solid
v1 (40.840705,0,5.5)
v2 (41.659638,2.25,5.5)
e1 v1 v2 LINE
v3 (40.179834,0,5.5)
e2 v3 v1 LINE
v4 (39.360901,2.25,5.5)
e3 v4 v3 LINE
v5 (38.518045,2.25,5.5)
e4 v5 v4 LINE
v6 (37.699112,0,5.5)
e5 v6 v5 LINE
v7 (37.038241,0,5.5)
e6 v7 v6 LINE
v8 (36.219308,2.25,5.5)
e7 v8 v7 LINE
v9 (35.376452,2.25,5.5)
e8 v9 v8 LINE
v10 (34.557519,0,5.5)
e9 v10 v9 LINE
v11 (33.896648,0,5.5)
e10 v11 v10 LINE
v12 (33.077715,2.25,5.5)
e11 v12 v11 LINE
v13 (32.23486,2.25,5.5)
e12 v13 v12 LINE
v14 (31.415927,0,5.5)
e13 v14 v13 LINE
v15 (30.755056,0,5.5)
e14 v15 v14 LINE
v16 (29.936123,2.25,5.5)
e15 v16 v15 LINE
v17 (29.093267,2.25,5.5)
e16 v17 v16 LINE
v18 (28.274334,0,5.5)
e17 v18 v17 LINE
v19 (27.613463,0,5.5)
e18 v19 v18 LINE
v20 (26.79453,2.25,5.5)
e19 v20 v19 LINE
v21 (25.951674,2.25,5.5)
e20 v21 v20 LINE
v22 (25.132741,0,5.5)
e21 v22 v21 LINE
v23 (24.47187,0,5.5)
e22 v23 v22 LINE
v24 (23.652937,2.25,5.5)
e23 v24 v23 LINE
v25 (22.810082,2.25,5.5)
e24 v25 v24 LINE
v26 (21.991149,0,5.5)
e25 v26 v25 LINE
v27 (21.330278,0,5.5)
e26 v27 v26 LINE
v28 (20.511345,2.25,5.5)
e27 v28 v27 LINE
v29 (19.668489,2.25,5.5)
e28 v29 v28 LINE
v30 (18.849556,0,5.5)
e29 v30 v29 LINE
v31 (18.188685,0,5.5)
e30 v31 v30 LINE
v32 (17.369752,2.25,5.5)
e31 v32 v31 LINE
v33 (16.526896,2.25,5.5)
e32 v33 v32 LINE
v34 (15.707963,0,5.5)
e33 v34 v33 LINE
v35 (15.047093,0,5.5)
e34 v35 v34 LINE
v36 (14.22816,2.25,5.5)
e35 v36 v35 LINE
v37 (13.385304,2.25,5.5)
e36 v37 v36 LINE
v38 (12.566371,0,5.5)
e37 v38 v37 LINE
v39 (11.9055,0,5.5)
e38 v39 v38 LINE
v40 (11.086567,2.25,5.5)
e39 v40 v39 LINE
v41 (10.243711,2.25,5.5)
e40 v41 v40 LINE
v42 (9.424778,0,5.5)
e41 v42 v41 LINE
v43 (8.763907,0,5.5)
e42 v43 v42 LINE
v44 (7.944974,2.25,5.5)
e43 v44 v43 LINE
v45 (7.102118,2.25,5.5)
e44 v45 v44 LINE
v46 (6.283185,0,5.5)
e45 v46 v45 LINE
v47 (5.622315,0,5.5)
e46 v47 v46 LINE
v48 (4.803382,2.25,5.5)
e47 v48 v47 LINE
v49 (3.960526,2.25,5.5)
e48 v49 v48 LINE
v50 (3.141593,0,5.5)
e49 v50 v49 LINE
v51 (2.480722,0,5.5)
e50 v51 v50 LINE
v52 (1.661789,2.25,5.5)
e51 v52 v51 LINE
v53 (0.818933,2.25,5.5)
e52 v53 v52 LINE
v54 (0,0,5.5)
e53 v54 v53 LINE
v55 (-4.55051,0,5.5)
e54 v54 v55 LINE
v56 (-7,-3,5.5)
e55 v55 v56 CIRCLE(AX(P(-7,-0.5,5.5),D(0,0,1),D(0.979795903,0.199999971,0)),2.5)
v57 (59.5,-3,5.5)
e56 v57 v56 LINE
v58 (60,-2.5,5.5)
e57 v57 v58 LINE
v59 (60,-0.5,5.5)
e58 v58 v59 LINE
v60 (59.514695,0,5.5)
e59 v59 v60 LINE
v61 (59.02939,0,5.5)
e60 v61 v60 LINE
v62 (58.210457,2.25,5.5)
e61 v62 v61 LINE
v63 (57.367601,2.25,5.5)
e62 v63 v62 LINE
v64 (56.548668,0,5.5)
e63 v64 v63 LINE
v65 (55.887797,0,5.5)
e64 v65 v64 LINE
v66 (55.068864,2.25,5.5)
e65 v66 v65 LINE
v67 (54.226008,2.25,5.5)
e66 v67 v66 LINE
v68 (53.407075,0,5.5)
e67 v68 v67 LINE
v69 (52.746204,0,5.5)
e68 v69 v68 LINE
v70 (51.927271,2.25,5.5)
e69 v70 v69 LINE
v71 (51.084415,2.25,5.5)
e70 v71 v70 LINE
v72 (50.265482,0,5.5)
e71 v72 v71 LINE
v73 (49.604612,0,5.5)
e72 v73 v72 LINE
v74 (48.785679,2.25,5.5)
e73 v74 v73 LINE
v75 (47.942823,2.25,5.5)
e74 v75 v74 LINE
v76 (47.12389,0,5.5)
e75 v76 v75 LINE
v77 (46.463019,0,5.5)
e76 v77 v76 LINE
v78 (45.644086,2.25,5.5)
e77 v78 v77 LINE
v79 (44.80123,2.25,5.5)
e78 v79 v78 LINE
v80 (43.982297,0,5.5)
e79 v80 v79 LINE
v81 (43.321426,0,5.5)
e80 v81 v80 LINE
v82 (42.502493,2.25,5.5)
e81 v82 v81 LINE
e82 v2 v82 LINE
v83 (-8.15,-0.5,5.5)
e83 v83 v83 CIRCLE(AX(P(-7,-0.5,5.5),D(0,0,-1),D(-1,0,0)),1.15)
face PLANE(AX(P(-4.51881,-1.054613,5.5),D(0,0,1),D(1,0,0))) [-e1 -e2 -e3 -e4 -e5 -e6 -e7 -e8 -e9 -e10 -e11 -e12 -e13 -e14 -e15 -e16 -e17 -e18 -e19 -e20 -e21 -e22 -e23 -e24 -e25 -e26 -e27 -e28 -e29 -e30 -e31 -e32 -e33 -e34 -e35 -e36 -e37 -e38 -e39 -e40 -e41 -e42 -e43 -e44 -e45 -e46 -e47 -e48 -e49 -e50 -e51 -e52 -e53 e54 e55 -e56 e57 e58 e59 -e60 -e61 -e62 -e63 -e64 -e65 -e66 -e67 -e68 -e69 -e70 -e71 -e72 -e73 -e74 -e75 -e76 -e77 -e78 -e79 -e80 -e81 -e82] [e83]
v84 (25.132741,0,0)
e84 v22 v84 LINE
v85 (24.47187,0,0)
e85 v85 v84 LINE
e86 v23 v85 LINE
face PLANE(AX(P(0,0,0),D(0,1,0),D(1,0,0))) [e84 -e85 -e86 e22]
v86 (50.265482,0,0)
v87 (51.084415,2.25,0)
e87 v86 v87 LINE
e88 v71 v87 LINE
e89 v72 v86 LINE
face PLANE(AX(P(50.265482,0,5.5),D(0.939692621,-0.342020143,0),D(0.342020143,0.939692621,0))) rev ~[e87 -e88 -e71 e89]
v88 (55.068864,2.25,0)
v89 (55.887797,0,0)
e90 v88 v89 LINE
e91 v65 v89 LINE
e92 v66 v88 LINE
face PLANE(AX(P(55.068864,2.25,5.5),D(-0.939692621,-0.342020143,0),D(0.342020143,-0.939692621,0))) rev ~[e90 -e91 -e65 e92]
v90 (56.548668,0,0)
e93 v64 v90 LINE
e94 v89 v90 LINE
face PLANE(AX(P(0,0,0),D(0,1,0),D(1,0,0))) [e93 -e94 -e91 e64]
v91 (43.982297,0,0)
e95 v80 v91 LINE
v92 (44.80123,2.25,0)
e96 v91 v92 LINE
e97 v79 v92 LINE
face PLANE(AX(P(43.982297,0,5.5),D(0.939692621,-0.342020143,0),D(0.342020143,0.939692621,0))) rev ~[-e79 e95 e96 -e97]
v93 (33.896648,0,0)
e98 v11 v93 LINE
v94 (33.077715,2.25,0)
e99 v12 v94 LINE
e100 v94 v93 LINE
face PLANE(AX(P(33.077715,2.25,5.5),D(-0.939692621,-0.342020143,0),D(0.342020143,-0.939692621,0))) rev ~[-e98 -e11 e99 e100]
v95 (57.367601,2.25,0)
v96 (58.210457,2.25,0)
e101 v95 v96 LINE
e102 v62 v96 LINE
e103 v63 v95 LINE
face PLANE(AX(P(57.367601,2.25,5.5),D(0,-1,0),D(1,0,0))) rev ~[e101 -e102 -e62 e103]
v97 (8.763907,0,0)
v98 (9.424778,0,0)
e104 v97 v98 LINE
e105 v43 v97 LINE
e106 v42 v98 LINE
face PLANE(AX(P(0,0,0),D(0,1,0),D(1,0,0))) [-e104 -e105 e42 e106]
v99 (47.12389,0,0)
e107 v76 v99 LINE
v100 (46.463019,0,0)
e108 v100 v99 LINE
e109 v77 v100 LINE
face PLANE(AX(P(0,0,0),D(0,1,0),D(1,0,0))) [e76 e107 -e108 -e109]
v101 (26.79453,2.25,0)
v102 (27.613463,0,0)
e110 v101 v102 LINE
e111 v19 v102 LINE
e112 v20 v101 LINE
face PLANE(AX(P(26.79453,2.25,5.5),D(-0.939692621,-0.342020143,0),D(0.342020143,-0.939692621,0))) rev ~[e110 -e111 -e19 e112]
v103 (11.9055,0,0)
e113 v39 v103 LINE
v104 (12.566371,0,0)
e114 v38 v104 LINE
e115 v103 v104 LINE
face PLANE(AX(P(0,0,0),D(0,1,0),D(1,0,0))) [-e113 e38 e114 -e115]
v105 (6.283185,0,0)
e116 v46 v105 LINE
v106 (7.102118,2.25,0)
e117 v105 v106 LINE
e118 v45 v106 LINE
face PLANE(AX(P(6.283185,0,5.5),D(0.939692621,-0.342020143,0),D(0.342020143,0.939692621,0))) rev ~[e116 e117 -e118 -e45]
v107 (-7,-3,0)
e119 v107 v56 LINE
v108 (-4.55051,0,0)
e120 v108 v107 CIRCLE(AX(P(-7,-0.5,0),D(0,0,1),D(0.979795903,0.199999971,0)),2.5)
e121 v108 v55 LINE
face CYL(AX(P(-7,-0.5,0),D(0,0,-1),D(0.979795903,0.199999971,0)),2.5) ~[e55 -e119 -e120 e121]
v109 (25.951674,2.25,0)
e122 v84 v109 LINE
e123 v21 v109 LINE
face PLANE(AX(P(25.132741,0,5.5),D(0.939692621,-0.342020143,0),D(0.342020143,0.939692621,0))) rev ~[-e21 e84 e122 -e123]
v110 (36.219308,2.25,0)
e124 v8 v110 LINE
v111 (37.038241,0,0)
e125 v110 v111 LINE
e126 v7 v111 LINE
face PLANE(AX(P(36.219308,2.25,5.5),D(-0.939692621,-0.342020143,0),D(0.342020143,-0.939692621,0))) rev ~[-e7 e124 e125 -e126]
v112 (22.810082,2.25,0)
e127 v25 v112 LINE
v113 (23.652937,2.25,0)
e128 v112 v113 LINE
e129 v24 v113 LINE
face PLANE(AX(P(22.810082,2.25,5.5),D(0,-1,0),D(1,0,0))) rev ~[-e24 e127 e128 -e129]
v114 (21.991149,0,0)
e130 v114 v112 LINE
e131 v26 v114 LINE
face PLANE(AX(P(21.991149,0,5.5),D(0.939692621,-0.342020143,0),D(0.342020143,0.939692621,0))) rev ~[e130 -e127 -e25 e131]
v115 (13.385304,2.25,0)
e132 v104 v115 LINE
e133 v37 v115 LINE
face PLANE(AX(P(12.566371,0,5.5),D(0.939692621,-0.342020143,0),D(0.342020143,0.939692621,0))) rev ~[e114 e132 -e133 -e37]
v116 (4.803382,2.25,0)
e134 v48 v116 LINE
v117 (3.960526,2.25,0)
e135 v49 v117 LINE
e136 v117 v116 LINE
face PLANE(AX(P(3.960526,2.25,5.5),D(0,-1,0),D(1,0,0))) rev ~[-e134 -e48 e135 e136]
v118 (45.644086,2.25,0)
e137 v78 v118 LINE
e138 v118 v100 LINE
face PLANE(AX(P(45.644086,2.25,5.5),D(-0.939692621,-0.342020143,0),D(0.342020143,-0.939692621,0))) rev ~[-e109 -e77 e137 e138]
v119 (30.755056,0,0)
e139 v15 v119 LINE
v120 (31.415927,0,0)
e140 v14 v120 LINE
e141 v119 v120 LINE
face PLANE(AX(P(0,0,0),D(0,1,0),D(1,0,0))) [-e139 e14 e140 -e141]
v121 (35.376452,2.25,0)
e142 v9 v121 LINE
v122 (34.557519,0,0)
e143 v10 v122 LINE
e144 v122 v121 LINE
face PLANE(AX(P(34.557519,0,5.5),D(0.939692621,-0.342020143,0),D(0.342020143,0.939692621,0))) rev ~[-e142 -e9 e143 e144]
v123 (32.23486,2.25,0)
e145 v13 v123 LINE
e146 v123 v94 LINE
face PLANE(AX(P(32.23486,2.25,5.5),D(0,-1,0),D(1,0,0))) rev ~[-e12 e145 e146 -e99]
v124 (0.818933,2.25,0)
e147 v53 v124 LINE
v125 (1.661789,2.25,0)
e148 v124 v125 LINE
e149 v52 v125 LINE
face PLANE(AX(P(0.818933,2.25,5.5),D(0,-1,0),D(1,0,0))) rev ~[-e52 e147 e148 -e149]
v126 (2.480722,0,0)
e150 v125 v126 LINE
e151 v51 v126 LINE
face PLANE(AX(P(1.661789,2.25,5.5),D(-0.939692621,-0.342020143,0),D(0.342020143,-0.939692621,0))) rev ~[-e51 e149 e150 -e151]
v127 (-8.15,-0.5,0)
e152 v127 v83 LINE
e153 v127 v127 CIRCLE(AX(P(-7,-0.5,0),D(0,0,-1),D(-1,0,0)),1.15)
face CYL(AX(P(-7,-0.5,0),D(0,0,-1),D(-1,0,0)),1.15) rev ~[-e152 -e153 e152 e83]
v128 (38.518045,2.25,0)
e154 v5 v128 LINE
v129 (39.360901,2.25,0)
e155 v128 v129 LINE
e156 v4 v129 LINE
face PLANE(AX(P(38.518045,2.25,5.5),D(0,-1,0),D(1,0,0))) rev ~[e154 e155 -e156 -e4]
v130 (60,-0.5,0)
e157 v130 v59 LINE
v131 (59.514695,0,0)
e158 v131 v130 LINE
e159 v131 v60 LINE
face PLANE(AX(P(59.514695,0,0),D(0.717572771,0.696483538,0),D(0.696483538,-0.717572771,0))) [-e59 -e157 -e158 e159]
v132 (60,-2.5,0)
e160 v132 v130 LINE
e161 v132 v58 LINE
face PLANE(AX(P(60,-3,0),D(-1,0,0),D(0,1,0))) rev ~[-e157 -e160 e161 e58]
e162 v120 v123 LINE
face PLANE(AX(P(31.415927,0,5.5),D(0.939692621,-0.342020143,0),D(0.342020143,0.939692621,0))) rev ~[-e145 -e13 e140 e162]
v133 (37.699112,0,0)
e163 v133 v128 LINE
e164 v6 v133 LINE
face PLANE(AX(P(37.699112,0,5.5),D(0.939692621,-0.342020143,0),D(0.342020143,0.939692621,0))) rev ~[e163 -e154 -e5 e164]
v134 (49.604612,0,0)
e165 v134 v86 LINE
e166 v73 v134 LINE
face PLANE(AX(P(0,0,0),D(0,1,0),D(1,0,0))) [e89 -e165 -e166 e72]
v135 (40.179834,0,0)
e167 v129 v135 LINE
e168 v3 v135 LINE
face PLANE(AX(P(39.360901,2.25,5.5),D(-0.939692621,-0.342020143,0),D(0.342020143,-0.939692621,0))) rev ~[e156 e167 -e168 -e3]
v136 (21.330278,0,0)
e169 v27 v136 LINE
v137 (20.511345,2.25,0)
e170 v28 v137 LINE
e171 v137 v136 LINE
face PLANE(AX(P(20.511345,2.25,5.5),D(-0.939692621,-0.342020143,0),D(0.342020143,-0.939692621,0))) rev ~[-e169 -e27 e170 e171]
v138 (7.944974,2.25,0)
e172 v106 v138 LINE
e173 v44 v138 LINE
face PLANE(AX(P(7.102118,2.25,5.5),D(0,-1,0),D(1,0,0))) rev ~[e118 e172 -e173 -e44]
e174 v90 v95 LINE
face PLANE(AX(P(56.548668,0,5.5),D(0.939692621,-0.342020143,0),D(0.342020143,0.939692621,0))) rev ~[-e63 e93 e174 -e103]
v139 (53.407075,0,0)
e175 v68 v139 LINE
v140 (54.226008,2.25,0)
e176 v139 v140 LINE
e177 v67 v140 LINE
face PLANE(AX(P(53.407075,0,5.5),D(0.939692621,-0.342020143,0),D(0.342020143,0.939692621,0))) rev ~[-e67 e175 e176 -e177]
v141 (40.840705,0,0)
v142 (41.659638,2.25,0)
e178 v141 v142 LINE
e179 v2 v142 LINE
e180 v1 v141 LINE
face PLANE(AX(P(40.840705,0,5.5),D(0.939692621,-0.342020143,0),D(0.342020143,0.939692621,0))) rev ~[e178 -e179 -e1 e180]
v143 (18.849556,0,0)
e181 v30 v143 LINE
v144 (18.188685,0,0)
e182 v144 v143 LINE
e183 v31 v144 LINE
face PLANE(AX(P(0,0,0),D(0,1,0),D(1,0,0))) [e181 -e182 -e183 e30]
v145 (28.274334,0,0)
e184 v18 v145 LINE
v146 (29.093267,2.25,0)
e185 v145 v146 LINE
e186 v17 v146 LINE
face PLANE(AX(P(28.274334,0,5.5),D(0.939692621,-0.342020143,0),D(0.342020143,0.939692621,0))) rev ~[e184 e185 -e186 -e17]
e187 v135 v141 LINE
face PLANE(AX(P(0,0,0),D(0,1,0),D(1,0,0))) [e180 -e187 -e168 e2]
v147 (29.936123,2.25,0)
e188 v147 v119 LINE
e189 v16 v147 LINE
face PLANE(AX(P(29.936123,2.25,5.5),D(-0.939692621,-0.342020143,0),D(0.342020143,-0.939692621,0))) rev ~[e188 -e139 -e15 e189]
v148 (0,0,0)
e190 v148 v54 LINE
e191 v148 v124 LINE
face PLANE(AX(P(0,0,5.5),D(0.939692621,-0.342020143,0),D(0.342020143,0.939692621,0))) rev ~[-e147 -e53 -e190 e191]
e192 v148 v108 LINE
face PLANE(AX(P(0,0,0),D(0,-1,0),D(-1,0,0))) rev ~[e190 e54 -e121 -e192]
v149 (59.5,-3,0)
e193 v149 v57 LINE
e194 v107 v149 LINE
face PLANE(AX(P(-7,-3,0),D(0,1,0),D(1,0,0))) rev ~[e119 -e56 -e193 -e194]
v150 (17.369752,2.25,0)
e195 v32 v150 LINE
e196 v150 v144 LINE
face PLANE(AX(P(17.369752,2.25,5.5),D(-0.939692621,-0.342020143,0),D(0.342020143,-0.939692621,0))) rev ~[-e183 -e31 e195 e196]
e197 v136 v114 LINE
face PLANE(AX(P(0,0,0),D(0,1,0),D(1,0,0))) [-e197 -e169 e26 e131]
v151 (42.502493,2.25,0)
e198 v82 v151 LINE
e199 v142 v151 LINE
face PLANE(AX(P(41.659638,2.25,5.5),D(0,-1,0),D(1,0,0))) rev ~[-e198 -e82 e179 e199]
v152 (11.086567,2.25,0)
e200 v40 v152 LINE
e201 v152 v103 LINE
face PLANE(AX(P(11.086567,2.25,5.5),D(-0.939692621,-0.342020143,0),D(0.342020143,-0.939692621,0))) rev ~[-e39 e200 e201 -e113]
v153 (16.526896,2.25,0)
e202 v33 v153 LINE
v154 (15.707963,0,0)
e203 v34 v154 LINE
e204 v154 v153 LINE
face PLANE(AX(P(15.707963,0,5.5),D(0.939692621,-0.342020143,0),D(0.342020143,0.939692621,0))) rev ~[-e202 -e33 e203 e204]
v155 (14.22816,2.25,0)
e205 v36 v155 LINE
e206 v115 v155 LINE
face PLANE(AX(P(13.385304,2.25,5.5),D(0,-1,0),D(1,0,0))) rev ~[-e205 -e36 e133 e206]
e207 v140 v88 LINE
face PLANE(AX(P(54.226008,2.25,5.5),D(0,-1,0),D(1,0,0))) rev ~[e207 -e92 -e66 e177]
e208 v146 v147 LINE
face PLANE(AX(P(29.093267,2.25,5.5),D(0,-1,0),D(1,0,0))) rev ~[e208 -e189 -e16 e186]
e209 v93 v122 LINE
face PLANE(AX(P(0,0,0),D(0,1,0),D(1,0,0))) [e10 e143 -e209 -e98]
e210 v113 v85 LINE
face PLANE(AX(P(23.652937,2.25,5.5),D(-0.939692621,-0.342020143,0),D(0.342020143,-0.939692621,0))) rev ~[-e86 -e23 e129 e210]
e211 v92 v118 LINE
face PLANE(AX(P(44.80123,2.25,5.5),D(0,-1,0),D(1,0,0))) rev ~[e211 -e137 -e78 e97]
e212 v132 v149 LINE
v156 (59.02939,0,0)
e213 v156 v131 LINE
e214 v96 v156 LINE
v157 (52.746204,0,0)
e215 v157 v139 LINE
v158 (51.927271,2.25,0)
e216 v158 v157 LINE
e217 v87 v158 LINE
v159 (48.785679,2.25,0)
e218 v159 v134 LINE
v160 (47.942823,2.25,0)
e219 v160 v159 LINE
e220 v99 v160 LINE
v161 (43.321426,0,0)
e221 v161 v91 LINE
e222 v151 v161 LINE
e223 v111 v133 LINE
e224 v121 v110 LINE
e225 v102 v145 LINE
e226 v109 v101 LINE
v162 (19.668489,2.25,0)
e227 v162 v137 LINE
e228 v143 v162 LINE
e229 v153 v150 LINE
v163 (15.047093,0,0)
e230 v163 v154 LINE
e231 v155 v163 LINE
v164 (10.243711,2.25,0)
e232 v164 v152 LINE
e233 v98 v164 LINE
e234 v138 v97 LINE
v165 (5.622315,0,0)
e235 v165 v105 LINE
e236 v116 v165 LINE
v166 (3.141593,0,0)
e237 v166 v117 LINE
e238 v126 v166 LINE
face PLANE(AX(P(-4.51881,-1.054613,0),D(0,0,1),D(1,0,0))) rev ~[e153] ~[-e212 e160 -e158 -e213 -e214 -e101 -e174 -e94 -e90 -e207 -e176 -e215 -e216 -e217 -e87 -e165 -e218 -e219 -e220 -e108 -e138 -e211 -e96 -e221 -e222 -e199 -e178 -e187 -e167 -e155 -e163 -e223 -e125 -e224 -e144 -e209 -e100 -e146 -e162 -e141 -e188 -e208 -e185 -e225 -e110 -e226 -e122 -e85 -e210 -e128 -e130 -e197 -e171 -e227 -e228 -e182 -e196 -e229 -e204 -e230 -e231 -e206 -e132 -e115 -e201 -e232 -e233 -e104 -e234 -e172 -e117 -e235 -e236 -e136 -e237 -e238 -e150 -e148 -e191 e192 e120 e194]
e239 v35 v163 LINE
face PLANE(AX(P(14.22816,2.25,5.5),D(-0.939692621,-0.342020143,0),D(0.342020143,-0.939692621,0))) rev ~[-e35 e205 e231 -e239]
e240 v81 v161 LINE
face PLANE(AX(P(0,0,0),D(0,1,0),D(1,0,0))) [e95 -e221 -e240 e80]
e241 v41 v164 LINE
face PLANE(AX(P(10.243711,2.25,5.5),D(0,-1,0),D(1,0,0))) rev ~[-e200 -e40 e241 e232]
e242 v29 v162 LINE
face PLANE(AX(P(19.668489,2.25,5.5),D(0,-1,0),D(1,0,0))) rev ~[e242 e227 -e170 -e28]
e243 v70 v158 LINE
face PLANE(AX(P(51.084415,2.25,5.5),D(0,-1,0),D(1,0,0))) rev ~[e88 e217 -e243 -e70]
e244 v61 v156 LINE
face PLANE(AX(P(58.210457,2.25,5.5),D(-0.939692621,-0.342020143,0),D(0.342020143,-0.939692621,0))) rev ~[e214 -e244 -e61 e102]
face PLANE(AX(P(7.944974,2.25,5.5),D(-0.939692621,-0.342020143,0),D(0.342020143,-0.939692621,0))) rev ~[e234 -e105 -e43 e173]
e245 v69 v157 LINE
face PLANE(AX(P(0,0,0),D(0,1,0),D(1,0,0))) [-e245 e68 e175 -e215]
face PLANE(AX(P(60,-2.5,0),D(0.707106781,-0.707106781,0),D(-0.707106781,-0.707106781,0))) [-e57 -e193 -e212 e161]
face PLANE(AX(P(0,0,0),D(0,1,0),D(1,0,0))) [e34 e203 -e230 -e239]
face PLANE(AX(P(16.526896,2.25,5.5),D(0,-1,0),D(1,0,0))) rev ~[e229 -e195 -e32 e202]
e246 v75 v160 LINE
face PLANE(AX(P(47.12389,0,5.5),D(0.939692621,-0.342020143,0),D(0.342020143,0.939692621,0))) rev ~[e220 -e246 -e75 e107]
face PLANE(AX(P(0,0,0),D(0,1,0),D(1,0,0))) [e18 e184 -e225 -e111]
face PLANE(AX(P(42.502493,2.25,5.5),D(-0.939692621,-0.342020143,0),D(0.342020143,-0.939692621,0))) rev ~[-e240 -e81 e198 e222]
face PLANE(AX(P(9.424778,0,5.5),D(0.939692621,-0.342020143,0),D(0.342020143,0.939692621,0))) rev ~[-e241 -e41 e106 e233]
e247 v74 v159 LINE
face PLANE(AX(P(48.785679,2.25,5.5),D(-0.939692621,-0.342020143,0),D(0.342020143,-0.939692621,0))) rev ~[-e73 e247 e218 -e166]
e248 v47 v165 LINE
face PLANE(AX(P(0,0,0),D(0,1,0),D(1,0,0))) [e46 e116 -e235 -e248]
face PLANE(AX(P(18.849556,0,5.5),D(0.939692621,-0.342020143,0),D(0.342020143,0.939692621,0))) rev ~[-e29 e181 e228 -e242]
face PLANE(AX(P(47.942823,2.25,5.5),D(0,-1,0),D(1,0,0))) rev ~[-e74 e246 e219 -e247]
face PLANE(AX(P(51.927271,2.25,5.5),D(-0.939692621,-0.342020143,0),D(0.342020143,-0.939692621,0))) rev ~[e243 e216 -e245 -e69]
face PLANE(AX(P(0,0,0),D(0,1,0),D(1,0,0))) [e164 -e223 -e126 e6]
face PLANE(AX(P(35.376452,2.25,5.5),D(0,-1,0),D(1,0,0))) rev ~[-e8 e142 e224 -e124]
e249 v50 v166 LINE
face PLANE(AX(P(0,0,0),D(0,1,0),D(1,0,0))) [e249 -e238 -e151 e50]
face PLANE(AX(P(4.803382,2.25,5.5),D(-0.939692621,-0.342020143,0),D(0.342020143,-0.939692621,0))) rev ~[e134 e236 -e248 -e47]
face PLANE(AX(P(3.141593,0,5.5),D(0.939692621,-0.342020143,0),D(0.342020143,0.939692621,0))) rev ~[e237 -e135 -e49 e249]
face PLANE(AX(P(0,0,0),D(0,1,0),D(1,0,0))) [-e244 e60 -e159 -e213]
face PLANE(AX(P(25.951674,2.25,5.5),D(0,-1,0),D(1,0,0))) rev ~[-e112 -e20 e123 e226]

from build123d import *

# Parameters (mm, degrees)
SKETCH_1_W             = 60
SKETCH_1_H             = 3
EXTRUDE_1_DEPTH        = 5.5
EXTRUDE_2_DEPTH        = 5.5
PATTERN_LINEAR_1_COUNT = 19
PATTERN_LINEAR_1_PITCH = 3.141592654
SKETCH_3_R             = 1.15
EXTRUDE_1_2_DEPTH      = 5.5
CUT_EXTRUDE_2_DEPTH    = 6


with BuildPart() as part:
    # 草图1 → Extrude 1 (new body)
    with BuildSketch(Plane.XY):
        with Locations((30, -1.5)):
            Rectangle(SKETCH_1_W, SKETCH_1_H)
    extrude(amount=EXTRUDE_1_DEPTH)

    # 草图2 → 拉伸2 (add)
    with BuildSketch(Plane.XY.offset(5.5)):
        Polygon((0, 0), (0.818933027, 2.25), (1.661788885, 2.25), (2.480721912, 0), align=None)
    extrude_2 = extrude(amount=-EXTRUDE_2_DEPTH)

    # 阵列(线性)1: 拉伸2 ×19
    with Locations(*[(i * PATTERN_LINEAR_1_PITCH, 0, 0) for i in range(1, PATTERN_LINEAR_1_COUNT)]):
        add(extrude_2)

    # 草图3 → Extrude 1 2 (add)
    with BuildSketch(Plane(origin=(0, 0, 0), x_dir=(-1, 0, 0), z_dir=(0, 0, -1))):
        with BuildLine():
            Line((7, -3), (0, -3))
            Line((0, -3), (0, 0))
            Line((0, 0), (4.550510054, 0))
            ThreePointArc((4.550510054, 0), (8.93649166, 1.081138846), (7, -3))
        make_face()
        with Locations((7, -0.5)):
            Circle(SKETCH_3_R, mode=Mode.SUBTRACT)
    extrude(amount=-EXTRUDE_1_2_DEPTH)

    # 草图5 → 切除-拉伸2 (cut)
    with BuildSketch(Plane(origin=(0, 0, 0), x_dir=(-1, 0, 0), z_dir=(0, 0, -1))):
        Polygon((-59.514694839, 0), (-60, -0.5), (-60, 0), align=None)
        Polygon((-60, -3), (-60, -2.5), (-59.5, -3), align=None)
    extrude(amount=-CUT_EXTRUDE_2_DEPTH, mode=Mode.SUBTRACT)


solid = part.part
